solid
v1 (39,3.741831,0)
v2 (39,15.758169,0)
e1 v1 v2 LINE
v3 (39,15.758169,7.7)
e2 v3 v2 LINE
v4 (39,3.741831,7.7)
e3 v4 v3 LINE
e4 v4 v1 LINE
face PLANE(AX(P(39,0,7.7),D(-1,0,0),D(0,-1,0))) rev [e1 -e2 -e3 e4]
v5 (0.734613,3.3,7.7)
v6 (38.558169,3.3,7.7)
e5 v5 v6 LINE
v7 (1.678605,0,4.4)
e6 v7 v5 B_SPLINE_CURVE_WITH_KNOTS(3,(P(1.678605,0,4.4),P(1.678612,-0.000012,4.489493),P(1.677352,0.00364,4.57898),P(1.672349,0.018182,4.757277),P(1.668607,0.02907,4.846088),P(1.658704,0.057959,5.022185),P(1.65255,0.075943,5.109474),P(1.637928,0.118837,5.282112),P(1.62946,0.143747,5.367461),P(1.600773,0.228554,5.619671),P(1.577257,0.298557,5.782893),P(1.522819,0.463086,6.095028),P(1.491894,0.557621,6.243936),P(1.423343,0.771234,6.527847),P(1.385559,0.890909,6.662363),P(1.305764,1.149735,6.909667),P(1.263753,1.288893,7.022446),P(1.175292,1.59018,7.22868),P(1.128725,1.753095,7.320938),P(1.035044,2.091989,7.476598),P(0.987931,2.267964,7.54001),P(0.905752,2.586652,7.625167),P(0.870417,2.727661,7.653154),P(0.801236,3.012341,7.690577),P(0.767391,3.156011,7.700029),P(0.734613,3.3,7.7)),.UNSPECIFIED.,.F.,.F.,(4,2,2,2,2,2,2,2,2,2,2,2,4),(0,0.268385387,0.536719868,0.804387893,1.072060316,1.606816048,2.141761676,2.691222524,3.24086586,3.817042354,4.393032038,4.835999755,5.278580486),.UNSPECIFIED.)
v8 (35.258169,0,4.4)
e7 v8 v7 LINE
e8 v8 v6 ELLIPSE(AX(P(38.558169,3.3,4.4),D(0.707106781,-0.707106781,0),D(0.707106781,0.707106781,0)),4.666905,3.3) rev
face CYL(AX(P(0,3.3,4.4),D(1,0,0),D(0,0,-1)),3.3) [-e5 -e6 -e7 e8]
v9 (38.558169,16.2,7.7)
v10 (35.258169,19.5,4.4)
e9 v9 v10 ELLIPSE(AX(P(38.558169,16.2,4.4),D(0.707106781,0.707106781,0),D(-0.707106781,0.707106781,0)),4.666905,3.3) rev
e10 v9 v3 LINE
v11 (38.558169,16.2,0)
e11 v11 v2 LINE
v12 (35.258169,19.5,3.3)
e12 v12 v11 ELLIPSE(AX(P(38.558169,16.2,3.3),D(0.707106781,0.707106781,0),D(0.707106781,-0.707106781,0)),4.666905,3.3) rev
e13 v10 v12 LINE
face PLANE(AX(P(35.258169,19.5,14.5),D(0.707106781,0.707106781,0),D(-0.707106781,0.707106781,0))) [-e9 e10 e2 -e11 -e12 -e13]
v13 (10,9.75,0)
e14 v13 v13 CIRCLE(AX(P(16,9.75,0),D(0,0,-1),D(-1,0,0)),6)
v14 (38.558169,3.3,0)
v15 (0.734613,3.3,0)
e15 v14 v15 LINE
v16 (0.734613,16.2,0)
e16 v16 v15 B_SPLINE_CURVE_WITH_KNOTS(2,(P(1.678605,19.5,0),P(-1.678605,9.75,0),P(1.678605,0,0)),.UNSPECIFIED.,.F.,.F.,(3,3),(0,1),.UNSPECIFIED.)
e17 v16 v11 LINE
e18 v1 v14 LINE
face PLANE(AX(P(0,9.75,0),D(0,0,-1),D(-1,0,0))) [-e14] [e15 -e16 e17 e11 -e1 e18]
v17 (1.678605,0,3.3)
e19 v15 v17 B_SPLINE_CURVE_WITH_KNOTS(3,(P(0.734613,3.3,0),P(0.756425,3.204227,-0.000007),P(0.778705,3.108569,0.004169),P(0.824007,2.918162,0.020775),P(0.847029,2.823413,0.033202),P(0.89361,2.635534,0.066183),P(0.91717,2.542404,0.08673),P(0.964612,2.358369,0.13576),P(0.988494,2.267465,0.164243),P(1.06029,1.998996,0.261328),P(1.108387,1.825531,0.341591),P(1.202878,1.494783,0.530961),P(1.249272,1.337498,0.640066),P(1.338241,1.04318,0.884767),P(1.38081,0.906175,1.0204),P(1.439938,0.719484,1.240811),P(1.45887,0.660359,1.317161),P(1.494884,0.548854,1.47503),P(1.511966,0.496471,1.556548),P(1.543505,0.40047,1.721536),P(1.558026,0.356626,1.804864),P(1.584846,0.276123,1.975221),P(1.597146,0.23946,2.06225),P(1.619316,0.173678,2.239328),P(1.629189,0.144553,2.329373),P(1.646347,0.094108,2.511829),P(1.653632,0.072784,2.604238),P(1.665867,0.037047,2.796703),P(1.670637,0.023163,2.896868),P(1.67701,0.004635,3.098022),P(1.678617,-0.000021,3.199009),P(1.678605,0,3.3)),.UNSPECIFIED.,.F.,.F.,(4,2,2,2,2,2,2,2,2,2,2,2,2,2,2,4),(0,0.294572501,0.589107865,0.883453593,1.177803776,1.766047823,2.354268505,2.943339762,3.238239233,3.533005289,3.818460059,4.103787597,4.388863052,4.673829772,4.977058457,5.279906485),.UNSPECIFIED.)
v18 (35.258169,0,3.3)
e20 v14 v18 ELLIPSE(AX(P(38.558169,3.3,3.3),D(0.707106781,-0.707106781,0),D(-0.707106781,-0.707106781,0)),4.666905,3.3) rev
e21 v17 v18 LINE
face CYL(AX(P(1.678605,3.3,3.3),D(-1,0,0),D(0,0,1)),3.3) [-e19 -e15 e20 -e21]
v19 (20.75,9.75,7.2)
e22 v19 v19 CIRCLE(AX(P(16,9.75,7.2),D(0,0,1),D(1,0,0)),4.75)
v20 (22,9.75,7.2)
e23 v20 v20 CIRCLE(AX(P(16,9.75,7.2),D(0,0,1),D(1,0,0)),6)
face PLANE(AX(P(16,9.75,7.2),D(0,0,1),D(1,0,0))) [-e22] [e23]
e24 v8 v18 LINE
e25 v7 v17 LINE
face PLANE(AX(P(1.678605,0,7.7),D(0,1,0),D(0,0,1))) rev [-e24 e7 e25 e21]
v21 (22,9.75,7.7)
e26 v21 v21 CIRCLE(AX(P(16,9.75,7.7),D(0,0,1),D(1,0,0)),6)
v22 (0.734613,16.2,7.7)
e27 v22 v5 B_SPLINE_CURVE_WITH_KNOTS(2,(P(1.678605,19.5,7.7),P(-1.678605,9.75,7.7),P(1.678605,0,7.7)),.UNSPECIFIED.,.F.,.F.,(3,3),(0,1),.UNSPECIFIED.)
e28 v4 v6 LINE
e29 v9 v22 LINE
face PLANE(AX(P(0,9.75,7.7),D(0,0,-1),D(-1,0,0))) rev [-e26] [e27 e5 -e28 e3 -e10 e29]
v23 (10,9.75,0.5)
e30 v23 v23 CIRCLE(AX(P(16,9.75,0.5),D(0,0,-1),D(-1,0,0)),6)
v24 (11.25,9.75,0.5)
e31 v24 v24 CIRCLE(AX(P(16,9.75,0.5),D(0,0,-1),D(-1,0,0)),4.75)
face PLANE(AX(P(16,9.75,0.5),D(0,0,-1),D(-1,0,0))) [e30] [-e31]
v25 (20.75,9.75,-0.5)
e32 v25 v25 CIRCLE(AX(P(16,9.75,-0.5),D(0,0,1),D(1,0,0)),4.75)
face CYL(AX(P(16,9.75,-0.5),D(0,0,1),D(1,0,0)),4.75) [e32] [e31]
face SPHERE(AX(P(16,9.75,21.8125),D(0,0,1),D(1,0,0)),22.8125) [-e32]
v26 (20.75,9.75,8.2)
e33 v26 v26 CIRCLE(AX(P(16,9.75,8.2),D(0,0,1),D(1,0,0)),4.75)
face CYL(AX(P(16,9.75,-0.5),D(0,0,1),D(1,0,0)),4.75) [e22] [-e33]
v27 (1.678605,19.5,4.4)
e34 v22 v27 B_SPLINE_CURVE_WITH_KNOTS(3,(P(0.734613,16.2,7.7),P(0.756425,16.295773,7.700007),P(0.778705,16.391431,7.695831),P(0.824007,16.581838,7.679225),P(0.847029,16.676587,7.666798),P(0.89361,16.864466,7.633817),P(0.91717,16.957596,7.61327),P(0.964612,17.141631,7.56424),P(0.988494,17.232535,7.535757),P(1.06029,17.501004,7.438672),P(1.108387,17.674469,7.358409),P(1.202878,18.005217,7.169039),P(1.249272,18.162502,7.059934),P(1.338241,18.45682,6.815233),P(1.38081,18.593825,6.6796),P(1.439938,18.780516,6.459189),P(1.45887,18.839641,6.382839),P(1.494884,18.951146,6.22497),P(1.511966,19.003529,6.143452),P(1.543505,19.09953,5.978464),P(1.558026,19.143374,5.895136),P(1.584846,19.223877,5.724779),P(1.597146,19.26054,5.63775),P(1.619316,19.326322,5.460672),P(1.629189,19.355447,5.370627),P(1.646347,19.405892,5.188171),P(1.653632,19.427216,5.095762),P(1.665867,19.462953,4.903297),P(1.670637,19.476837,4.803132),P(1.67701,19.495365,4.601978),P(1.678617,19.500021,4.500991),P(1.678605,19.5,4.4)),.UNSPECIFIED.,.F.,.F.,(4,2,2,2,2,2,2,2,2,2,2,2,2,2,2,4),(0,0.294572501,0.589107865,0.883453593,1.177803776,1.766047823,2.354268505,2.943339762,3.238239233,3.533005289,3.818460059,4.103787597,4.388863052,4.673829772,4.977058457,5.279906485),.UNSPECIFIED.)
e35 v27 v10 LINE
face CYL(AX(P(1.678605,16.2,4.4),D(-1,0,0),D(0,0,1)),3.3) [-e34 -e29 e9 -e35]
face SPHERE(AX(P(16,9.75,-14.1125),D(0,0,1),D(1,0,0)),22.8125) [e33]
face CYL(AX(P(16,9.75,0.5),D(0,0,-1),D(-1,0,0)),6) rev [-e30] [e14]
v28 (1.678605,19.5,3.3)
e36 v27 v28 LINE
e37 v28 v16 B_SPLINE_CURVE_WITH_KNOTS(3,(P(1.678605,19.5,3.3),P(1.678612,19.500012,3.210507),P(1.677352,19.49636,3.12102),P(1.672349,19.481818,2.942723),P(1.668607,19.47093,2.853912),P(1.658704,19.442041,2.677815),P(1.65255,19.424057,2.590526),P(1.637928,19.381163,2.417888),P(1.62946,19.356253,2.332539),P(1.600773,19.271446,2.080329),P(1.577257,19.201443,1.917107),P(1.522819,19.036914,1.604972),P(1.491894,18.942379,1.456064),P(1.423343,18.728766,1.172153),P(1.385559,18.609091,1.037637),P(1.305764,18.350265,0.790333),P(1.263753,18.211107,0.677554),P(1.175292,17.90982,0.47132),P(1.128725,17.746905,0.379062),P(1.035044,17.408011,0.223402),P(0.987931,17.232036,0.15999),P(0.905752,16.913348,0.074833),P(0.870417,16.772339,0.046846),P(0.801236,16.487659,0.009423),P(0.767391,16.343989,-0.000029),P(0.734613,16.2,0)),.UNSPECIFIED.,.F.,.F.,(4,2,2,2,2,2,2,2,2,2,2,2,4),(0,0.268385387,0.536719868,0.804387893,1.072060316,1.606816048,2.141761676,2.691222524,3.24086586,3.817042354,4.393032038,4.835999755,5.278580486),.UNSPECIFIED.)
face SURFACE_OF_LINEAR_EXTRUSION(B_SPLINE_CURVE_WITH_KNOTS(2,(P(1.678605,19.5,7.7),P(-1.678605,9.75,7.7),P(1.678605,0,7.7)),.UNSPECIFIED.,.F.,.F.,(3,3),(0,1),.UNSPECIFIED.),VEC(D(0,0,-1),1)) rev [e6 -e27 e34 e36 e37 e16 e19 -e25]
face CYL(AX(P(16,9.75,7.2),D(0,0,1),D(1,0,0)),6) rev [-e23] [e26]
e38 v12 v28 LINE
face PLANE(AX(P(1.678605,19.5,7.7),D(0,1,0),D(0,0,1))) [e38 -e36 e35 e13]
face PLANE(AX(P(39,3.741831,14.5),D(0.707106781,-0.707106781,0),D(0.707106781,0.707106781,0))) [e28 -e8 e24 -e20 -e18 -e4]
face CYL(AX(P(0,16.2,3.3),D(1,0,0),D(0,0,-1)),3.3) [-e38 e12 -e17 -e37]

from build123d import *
from build123d.topology import SkipClean

# Parameters (mm, degrees)
BOSS_EXTRUDE1_DEPTH      = 7.7
FILLET1_R                = 3.3
CUT_EXTRUDE1_DEPTH       = 14.5
BOSS_EXTRUDE2_DEPTH      = 0.5
BOSS_EXTRUDE2_DEPTH_BACK = 8.2
SKETCH3_R                = 4.75
DOME1_FACE_RADIUS        = 4.75
DOME1_HEIGHT             = 0.5
DOME2_FACE_RADIUS        = 4.75
DOME2_HEIGHT             = 0.5
SKETCH4_R                = 6
SKETCH4_R_2              = 4.75
CUT_EXTRUDE2_DEPTH       = 0.5
CUT_EXTRUDE3_START       = -0.5
SKETCH5_R                = 6
SKETCH5_R_2              = 4.75
CUT_EXTRUDE3_DEPTH       = 0.5


with BuildPart() as part:
    # Sketch1 → Boss-Extrude1 (new body)
    with BuildSketch(Plane.XY):
        with BuildLine():
            Line((1.678605479, 0), (39, 0))
            Line((39, 0), (39, 19.5))
            Line((39, 19.5), (1.678605479, 19.5))
            add(Edge.make_bspline(
                [(1.678605479, 19.5), (-1.678605479, 9.75), (1.678605479, 0)],
                knots=[0, 0, 0, 1, 1, 1], degree=2))
        make_face()
    extrude(amount=BOSS_EXTRUDE1_DEPTH)

    # Fillet1
    fillet1_edges = [part.edges().sort_by_distance(p)[0] for p in [
        (20.339302739, 0, 7.7),
        (20.339302739, 0, 0),
        (20.339302739, 19.5, 0),
        (20.339302739, 19.5, 7.7),
    ]]
    fillet(fillet1_edges, radius=FILLET1_R)

    # Sketch2 → Cut-Extrude1 (cut)
    with BuildSketch(Plane.XY):
        Polygon((35.25816866, 19.5), (39, 15.75816866), (39, 3.74183134), (35.25816866, 0), (41.546520984, 0), (41.546520984, 19.5), align=None)
    extrude(amount=CUT_EXTRUDE1_DEPTH, mode=Mode.SUBTRACT)

    # Sketch3 → Boss-Extrude2 (add, two sides: drawn at the far end of the back side and taken through both)
    with BuildSketch(Plane.XY.offset(7.7).offset(-BOSS_EXTRUDE2_DEPTH_BACK)):
        with Locations((16, 9.75)):
            Circle(SKETCH3_R)
    extrude(amount=BOSS_EXTRUDE2_DEPTH + BOSS_EXTRUDE2_DEPTH_BACK)

    # Dome1: a dome of height H over a round flat face of radius A is a cap of a sphere of radius (A * A + H * H) / (2 * H)
    dome1_r = (DOME1_FACE_RADIUS * DOME1_FACE_RADIUS + DOME1_HEIGHT * DOME1_HEIGHT) / (2 * DOME1_HEIGHT)
    dome1_base = Plane((16, 9.75, 8.2), z_dir=(0, 0, 1))
    with Locations(dome1_base.offset(DOME1_HEIGHT - dome1_r)):
        dome1_ball = Sphere(dome1_r, mode=Mode.PRIVATE)
    add(split(dome1_ball, bisect_by=dome1_base, keep=Keep.TOP, mode=Mode.PRIVATE))

    # Dome2: a dome of height H over a round flat face of radius A is a cap of a sphere of radius (A * A + H * H) / (2 * H)
    dome2_r = (DOME2_FACE_RADIUS * DOME2_FACE_RADIUS + DOME2_HEIGHT * DOME2_HEIGHT) / (2 * DOME2_HEIGHT)
    dome2_base = Plane((16, 9.75, -0.5), z_dir=(0, 0, -1))
    with Locations(dome2_base.offset(DOME2_HEIGHT - dome2_r)):
        dome2_ball = Sphere(dome2_r, mode=Mode.PRIVATE)
    add(split(dome2_ball, bisect_by=dome2_base, keep=Keep.TOP, mode=Mode.PRIVATE))

    # Sketch4 → Cut-Extrude2 (cut)
    with BuildSketch(Plane(origin=(0, 0, 0), x_dir=(-1, 0, 0), z_dir=(0, 0, -1))):
        with Locations((-16, 9.75)):
            Circle(SKETCH4_R)
        with Locations(Location((-16, 9.75, 0), (0, 0, 180))):
            Circle(SKETCH4_R_2, mode=Mode.SUBTRACT)
    extrude(amount=-CUT_EXTRUDE2_DEPTH, mode=Mode.SUBTRACT)

    # Sketch5 → Cut-Extrude3 (cut)
    with SkipClean():  # the faces are left unmerged after this step: merging them gives an invalid solid
        with BuildSketch(Plane.XY.offset(7.7).offset(CUT_EXTRUDE3_START)):
            with Locations(Location((16, 9.75, 0), (0, 0, 180))):
                Circle(SKETCH5_R)
            with Locations((16, 9.75)):
                Circle(SKETCH5_R_2, mode=Mode.SUBTRACT)
        extrude(amount=CUT_EXTRUDE3_DEPTH, mode=Mode.SUBTRACT)


solid = part.part
